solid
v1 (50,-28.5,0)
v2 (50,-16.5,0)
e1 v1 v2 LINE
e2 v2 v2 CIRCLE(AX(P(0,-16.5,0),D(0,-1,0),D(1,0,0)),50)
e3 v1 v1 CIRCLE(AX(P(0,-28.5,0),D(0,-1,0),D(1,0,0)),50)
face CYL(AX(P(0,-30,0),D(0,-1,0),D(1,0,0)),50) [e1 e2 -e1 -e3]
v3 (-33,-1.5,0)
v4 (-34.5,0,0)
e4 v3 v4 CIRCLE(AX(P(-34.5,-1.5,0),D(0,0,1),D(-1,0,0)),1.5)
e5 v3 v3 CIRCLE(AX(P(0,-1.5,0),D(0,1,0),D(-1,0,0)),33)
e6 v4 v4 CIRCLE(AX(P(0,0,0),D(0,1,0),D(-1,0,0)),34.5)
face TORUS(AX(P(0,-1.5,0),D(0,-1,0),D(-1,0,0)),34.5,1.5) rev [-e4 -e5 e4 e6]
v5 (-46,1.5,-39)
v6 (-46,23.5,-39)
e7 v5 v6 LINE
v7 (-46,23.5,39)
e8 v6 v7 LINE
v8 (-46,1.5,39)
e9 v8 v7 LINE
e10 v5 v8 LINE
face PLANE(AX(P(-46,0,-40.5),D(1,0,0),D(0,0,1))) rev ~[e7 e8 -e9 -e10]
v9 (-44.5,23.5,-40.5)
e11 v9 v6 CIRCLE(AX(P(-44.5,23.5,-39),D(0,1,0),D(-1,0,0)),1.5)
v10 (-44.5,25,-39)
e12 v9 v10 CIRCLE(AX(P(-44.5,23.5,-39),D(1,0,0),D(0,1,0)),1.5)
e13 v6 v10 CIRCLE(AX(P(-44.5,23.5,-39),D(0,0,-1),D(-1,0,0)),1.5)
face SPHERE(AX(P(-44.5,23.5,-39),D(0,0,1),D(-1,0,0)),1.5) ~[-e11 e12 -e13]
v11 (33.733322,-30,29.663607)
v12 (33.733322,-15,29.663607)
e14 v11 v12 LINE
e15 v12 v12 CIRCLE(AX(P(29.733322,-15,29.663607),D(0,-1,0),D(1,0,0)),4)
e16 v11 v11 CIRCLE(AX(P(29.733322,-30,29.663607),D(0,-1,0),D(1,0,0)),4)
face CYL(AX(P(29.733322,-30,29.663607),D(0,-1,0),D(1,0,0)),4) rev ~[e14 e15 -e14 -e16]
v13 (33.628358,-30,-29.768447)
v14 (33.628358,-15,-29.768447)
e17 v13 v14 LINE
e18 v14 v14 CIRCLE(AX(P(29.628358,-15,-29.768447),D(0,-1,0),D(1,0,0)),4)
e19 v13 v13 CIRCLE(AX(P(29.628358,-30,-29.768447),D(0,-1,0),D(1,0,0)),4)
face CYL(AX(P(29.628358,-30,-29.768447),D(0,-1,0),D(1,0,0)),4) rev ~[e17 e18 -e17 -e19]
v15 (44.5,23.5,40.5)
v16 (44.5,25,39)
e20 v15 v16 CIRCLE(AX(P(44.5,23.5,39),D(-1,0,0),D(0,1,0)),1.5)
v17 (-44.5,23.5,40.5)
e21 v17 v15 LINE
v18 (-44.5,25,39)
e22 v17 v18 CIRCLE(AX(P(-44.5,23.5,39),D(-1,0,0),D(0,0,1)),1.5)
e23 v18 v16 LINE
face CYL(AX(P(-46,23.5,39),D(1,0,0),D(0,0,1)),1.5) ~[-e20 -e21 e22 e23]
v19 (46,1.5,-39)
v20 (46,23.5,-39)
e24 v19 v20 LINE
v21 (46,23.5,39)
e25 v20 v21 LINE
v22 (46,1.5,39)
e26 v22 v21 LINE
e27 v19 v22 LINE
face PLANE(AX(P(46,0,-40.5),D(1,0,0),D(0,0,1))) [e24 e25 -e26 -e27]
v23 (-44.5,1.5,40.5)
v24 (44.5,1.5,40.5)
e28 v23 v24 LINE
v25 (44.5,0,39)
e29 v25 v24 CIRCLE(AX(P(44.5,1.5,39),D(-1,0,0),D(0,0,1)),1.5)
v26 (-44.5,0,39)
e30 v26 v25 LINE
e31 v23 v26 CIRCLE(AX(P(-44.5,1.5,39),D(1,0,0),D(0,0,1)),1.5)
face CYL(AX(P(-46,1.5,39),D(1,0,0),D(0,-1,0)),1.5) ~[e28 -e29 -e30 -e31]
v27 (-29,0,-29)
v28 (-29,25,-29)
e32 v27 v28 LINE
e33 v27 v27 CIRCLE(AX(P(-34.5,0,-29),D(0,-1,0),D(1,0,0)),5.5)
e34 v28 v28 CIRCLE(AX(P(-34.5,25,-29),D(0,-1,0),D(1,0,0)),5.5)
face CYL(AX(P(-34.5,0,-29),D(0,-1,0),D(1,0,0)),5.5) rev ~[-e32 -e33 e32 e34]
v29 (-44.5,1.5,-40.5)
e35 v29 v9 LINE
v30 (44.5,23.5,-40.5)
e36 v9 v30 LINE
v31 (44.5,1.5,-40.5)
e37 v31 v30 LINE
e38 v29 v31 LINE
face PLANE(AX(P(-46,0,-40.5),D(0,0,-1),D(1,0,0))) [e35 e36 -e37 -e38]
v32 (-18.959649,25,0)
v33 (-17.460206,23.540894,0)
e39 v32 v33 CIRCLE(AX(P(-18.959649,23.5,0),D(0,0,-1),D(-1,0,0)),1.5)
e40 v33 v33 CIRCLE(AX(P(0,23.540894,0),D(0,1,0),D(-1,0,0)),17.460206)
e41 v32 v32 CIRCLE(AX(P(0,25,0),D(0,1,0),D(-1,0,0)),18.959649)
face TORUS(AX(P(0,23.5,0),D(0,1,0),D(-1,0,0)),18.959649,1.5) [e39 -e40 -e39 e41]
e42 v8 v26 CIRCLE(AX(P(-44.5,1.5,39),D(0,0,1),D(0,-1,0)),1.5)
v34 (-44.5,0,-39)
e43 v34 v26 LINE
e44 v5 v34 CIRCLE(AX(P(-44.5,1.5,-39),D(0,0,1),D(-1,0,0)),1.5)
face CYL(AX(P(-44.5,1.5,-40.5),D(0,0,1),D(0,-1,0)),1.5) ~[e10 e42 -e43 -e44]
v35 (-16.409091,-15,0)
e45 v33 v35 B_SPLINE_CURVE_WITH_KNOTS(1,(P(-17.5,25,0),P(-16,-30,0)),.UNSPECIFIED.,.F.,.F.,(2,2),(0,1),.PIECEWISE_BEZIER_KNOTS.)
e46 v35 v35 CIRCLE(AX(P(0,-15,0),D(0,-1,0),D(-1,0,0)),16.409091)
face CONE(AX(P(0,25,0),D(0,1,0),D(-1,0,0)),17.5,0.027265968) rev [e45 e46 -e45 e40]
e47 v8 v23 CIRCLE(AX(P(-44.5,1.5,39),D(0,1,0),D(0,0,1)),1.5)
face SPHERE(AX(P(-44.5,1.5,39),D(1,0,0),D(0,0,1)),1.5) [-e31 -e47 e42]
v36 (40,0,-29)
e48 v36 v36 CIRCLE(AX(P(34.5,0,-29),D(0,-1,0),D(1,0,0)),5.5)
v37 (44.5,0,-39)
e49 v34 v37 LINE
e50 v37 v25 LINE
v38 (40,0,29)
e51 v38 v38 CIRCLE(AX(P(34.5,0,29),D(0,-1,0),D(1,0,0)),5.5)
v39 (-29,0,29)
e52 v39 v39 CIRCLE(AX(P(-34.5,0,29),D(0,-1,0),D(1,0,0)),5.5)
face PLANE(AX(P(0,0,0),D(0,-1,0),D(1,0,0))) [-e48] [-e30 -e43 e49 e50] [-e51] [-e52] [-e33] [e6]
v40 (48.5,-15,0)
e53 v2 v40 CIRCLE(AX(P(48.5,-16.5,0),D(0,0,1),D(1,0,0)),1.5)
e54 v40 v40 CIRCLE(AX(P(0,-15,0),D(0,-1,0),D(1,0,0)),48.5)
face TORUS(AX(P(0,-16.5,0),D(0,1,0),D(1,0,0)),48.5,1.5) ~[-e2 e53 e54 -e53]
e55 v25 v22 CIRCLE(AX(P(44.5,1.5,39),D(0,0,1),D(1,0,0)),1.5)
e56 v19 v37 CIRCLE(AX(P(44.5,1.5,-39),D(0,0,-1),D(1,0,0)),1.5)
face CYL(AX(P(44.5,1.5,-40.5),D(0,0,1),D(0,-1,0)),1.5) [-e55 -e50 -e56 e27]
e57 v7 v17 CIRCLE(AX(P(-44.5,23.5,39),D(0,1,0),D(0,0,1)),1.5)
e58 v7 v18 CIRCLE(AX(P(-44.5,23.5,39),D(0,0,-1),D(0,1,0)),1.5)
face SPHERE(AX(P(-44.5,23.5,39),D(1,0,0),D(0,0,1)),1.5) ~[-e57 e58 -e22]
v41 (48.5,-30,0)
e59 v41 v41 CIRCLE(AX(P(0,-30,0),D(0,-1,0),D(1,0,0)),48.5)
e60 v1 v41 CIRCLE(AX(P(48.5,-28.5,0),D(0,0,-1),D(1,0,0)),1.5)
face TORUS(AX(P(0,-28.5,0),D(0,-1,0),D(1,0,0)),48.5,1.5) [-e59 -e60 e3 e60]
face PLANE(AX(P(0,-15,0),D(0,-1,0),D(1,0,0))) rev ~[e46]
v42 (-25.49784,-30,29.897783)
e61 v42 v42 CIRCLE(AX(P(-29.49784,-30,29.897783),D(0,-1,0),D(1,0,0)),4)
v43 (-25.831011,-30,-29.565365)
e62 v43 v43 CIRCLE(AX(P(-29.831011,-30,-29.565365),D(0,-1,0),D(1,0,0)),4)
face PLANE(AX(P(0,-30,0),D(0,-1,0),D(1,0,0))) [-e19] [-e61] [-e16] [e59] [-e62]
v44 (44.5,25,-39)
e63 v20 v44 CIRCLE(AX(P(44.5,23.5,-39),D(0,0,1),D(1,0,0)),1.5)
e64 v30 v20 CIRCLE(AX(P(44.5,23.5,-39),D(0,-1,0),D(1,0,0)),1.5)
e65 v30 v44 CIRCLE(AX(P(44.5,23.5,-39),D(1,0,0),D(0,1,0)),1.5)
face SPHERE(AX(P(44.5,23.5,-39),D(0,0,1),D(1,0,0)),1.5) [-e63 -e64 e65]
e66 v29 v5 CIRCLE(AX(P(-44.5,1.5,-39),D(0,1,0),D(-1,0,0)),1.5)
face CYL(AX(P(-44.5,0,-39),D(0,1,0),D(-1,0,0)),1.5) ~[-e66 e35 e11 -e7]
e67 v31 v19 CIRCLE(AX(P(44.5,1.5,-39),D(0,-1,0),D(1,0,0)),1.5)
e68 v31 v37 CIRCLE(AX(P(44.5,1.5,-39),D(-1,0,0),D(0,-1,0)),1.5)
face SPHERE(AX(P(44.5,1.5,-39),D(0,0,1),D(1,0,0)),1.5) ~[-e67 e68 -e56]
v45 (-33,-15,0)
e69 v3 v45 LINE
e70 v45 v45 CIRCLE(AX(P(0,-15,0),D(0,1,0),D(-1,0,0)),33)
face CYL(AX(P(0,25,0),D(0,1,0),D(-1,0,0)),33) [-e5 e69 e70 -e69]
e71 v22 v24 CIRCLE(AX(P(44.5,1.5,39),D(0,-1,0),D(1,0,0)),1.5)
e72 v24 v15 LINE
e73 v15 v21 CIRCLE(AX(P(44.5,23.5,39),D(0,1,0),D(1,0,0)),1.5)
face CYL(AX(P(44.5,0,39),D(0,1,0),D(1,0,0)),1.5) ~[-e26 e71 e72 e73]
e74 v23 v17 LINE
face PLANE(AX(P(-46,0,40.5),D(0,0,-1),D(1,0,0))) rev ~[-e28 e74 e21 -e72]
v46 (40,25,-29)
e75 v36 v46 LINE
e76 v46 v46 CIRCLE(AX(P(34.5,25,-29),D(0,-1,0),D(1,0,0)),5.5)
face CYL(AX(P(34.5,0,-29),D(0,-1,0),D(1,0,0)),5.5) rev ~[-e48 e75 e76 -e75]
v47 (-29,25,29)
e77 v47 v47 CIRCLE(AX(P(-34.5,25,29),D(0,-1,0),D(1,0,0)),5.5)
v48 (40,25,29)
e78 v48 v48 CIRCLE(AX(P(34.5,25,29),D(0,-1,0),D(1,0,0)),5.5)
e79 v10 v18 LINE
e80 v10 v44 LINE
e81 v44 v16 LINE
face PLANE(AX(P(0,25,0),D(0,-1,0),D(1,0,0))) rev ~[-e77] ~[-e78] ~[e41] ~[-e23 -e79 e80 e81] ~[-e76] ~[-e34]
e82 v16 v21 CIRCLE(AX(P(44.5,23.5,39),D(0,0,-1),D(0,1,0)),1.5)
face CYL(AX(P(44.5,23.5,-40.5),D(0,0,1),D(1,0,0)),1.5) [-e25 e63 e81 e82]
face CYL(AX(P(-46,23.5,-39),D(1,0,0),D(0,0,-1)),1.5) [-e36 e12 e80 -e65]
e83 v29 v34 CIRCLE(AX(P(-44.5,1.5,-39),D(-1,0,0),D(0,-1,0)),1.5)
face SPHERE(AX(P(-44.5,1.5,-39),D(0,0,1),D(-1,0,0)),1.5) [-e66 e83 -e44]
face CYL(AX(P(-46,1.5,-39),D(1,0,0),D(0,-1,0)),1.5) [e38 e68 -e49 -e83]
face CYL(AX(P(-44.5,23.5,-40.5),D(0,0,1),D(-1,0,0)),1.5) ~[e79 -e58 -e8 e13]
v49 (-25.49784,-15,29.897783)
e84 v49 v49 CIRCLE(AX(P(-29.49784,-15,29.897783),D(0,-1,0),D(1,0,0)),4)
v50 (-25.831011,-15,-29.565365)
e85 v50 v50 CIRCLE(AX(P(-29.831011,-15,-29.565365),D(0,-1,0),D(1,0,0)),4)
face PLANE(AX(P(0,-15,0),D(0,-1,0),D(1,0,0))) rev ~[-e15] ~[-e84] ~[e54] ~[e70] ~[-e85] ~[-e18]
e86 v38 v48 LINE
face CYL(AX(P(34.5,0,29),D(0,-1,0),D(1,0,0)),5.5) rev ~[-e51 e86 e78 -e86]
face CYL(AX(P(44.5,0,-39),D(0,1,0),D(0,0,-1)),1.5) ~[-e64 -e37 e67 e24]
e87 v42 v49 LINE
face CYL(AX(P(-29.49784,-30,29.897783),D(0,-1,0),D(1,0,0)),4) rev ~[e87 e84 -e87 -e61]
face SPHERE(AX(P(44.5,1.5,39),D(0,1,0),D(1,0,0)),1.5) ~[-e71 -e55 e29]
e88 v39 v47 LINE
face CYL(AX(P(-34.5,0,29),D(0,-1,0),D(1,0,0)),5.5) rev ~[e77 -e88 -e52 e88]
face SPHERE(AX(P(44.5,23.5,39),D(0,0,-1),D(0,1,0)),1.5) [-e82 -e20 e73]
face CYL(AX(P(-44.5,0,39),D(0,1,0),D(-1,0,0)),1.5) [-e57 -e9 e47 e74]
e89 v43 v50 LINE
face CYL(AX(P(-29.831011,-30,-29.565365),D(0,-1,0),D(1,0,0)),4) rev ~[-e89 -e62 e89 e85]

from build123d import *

# Parameters (mm, degrees)
F0_W      = 92
F0_H      = 81
F0_R      = 5.5
F1_DEPTH  = 25
F2_R      = 33
F4_R      = 33
F6_R      = 33
F7_DEPTH  = 55
F9_R      = 17.5
F8_R      = 16
F11_R     = 50
F12_DEPTH = 15
F13_R     = 4
F14_DEPTH = 25
F15_R     = 1.5


with BuildPart() as f1:
    # F0 (on Front) → F1 (new body)
    with BuildSketch(Plane.XZ):
        Rectangle(F0_W, F0_H)
        with Locations((-34.5, -29)):
            Circle(F0_R, mode=Mode.SUBTRACT)
        with Locations((34.5, -29)):
            Circle(F0_R, mode=Mode.SUBTRACT)
        with Locations((-34.5, 29)):
            Circle(F0_R, mode=Mode.SUBTRACT)
        with Locations((34.5, 29)):
            Circle(F0_R, mode=Mode.SUBTRACT)
    extrude(amount=-F1_DEPTH)

    # F2 (on face) → F5 section 0
    with BuildSketch(Plane(origin=(0, 25, 0), x_dir=(-1, 0, 0), z_dir=(0, 1, 0))):
        Circle(F2_R)
    # F4 (on face) → F5 section 1
    with BuildSketch(Plane.XZ):
        Circle(F4_R)
    loft(mode=Mode.SUBTRACT)

    # F6 (on face) → F7 (join)
    with BuildSketch(Plane(origin=(0, 25, 0), x_dir=(-1, 0, 0), z_dir=(0, 1, 0))):
        Circle(F6_R)
    extrude(amount=-F7_DEPTH)

    # F9 (on face) → F10 section 0
    with BuildSketch(Plane(origin=(0, 25, 0), x_dir=(-1, 0, 0), z_dir=(0, 1, 0))):
        Circle(F9_R)
    # F8 (on face) → F10 section 1
    with BuildSketch(Plane.XZ.offset(30)):
        Circle(F8_R)
    loft(mode=Mode.SUBTRACT)

    # F11 (on face) → F12 (join)
    with BuildSketch(Plane.XZ.offset(30)):
        Circle(F11_R)
    extrude(amount=-F12_DEPTH)

    # F13 (on face) → F14 (cut)
    with BuildSketch(Plane.XZ.offset(30)):
        with Locations((-29.4978397312, 29.8977833826)):
            Circle(F13_R)
        with Locations((29.7333216446, 29.6636070628)):
            Circle(F13_R)
        with Locations((-29.831010619, -29.5653649639)):
            Circle(F13_R)
        with Locations((29.6283578673, -29.7684465515)):
            Circle(F13_R)
    extrude(amount=-F14_DEPTH, mode=Mode.SUBTRACT)

    # F15
    f15_edges = [f1.edges().sort_by_distance(p)[0] for p in [
        (46, 25, 0),
        (0, 25, 40.5),
        (46, 12.5, 40.5),
        (46, 0, 0),
        (0, 0, 40.5),
        (46, 12.5, -40.5),
        (-46, 12.5, 40.5),
        (-46, 25, 0),
        (-46, 0, 0),
        (-46, 12.5, -40.5),
        (-50, -30, 0),
        (-50, -15, 0),
        (0, 0, -40.5),
        (0, 25, -40.5),
        (33, 0, 0),
        (17.5, 25, 0),
    ]]
    fillet(f15_edges, radius=F15_R)


solid = f1.part
